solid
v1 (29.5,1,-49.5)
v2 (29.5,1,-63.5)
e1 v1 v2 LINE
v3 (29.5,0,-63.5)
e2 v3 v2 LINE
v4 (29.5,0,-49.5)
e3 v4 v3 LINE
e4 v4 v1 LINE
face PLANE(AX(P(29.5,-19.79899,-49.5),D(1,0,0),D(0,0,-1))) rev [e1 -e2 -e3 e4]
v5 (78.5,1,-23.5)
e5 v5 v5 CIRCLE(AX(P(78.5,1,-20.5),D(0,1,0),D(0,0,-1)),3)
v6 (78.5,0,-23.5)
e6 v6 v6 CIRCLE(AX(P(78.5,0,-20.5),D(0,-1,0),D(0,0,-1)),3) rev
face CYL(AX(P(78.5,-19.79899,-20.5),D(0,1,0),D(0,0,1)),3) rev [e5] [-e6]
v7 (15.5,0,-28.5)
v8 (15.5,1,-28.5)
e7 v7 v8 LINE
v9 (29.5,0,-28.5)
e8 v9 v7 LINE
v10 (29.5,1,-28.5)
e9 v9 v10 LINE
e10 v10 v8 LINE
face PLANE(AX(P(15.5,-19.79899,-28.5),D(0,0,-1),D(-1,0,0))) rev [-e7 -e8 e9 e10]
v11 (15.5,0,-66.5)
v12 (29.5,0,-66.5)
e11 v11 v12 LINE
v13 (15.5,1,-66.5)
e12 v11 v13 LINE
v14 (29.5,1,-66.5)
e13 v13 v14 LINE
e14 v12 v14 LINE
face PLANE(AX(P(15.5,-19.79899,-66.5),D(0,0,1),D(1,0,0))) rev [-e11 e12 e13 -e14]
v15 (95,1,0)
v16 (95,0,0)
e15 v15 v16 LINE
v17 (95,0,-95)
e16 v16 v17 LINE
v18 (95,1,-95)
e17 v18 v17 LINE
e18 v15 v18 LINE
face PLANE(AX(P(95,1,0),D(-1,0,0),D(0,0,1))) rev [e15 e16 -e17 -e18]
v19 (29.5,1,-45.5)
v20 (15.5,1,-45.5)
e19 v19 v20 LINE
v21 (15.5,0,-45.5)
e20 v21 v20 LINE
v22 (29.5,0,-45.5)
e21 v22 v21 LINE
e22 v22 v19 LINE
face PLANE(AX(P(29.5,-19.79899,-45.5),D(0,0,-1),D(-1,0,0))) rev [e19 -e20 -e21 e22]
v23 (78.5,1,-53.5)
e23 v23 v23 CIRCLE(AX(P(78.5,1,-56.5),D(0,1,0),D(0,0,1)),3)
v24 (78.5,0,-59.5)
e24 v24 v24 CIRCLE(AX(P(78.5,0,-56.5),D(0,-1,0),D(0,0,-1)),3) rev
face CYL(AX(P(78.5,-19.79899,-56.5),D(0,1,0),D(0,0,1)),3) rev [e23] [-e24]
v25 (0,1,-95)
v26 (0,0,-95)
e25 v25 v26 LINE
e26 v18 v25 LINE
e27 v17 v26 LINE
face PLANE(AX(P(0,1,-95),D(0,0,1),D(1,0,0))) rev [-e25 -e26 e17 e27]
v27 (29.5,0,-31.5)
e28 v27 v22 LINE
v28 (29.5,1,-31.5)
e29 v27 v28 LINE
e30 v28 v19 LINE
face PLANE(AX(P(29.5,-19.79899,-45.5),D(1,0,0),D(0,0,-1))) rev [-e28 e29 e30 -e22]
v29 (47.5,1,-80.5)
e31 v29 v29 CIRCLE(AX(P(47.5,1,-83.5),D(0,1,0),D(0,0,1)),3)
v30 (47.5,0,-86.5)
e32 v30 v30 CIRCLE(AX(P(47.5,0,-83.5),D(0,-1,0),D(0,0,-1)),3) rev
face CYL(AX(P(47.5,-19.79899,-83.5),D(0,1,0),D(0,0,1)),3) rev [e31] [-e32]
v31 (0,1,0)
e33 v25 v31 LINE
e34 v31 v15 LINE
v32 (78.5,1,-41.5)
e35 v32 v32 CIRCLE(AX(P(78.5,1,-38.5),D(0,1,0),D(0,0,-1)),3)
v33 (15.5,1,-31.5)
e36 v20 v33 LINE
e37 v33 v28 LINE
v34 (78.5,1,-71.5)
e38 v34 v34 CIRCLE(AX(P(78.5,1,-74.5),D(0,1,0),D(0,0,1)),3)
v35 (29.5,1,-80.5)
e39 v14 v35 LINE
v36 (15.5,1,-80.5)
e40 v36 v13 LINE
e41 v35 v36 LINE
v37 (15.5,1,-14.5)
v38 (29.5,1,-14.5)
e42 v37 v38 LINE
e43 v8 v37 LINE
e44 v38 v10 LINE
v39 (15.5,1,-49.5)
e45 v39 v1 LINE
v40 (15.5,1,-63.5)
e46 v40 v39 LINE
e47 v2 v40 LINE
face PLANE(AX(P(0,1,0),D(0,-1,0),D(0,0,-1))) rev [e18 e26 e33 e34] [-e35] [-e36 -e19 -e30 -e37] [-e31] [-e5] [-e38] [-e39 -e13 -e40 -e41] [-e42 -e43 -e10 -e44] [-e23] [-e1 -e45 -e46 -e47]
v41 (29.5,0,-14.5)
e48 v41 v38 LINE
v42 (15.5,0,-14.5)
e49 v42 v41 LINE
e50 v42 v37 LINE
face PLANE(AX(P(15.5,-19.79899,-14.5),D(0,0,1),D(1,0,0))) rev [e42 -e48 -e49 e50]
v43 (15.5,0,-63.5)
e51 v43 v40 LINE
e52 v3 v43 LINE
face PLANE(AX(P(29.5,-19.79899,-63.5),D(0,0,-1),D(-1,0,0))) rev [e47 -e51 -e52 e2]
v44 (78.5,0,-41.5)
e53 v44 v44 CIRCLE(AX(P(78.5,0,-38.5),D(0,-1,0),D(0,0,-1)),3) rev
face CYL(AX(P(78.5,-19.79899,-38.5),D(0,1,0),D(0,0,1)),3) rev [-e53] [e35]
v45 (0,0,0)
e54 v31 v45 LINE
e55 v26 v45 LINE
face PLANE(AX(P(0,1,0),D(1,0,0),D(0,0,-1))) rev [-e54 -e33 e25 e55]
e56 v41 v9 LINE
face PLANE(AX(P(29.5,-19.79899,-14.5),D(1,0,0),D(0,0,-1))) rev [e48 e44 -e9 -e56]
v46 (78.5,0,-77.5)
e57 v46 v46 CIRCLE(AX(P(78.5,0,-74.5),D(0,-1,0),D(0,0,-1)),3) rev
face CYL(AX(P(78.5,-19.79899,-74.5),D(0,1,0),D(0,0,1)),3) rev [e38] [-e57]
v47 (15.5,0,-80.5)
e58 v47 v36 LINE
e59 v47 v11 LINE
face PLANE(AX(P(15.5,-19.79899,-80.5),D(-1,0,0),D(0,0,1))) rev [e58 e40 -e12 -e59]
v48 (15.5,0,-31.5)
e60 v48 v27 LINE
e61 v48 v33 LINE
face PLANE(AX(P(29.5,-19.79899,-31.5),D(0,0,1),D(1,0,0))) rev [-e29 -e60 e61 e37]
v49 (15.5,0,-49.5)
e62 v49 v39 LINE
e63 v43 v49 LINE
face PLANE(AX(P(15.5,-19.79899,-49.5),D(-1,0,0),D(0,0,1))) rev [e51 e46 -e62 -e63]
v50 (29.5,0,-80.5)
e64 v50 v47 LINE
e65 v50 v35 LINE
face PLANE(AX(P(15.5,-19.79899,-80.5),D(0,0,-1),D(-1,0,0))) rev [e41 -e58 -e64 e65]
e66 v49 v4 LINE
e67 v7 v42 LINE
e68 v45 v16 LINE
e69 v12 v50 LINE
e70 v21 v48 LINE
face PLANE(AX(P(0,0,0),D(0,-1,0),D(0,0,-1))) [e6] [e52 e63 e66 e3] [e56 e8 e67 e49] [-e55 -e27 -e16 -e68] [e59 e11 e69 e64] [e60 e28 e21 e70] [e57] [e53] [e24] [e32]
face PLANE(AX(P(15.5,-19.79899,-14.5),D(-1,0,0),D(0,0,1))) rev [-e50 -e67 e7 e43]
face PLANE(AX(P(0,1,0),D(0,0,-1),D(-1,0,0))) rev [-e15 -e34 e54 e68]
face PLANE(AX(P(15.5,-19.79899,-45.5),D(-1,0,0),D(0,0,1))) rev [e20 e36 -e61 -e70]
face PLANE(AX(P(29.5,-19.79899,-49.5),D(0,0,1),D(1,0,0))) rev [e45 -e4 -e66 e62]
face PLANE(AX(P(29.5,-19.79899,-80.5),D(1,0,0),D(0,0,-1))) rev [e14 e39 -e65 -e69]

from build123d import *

# Parameters (mm, degrees)
SKETCH1_W           = 95
SKETCH1_H           = 95
BOSS_EXTRUDE1_DEPTH = 1
SKETCH2_R           = 3
SKETCH2_W           = 14
SKETCH2_H           = 14
CUT_EXTRUDE1_DEPTH  = 1


with BuildPart() as part:
    # Sketch1 → Boss-Extrude1 (new body)
    with BuildSketch(Plane(origin=(0, 0, 0), x_dir=(1, 0, 0), z_dir=(0, 1, 0))):
        with Locations((47.5, 47.5)):
            Rectangle(SKETCH1_W, SKETCH1_H)
    extrude(amount=BOSS_EXTRUDE1_DEPTH)

    # Sketch2 → Cut-Extrude1 (cut)
    with BuildSketch(Plane(origin=(0, 1, 0), x_dir=(1, 0, 0), z_dir=(0, 1, 0))):
        with Locations(Location((47.5, 83.5, 0), (0, 0, 270))):
            Circle(SKETCH2_R)
        with Locations(Location((78.5, 74.5, 0), (0, 0, 270))):
            Circle(SKETCH2_R)
        with Locations(Location((78.5, 56.5, 0), (0, 0, 270))):
            Circle(SKETCH2_R)
        with Locations(Location((78.5, 38.5, 0), (0, 0, 90))):
            Circle(SKETCH2_R)
        with Locations(Location((78.5, 20.5, 0), (0, 0, 90))):
            Circle(SKETCH2_R)
        with Locations((22.5, 56.5)):
            Rectangle(SKETCH2_W, SKETCH2_H)
        with Locations((22.5, 73.5)):
            Rectangle(SKETCH2_W, SKETCH2_H)
        with Locations((22.5, 21.5)):
            Rectangle(SKETCH2_W, SKETCH2_H)
        with Locations((22.5, 38.5)):
            Rectangle(SKETCH2_W, SKETCH2_H)
    extrude(amount=-CUT_EXTRUDE1_DEPTH, mode=Mode.SUBTRACT)


solid = part.part
